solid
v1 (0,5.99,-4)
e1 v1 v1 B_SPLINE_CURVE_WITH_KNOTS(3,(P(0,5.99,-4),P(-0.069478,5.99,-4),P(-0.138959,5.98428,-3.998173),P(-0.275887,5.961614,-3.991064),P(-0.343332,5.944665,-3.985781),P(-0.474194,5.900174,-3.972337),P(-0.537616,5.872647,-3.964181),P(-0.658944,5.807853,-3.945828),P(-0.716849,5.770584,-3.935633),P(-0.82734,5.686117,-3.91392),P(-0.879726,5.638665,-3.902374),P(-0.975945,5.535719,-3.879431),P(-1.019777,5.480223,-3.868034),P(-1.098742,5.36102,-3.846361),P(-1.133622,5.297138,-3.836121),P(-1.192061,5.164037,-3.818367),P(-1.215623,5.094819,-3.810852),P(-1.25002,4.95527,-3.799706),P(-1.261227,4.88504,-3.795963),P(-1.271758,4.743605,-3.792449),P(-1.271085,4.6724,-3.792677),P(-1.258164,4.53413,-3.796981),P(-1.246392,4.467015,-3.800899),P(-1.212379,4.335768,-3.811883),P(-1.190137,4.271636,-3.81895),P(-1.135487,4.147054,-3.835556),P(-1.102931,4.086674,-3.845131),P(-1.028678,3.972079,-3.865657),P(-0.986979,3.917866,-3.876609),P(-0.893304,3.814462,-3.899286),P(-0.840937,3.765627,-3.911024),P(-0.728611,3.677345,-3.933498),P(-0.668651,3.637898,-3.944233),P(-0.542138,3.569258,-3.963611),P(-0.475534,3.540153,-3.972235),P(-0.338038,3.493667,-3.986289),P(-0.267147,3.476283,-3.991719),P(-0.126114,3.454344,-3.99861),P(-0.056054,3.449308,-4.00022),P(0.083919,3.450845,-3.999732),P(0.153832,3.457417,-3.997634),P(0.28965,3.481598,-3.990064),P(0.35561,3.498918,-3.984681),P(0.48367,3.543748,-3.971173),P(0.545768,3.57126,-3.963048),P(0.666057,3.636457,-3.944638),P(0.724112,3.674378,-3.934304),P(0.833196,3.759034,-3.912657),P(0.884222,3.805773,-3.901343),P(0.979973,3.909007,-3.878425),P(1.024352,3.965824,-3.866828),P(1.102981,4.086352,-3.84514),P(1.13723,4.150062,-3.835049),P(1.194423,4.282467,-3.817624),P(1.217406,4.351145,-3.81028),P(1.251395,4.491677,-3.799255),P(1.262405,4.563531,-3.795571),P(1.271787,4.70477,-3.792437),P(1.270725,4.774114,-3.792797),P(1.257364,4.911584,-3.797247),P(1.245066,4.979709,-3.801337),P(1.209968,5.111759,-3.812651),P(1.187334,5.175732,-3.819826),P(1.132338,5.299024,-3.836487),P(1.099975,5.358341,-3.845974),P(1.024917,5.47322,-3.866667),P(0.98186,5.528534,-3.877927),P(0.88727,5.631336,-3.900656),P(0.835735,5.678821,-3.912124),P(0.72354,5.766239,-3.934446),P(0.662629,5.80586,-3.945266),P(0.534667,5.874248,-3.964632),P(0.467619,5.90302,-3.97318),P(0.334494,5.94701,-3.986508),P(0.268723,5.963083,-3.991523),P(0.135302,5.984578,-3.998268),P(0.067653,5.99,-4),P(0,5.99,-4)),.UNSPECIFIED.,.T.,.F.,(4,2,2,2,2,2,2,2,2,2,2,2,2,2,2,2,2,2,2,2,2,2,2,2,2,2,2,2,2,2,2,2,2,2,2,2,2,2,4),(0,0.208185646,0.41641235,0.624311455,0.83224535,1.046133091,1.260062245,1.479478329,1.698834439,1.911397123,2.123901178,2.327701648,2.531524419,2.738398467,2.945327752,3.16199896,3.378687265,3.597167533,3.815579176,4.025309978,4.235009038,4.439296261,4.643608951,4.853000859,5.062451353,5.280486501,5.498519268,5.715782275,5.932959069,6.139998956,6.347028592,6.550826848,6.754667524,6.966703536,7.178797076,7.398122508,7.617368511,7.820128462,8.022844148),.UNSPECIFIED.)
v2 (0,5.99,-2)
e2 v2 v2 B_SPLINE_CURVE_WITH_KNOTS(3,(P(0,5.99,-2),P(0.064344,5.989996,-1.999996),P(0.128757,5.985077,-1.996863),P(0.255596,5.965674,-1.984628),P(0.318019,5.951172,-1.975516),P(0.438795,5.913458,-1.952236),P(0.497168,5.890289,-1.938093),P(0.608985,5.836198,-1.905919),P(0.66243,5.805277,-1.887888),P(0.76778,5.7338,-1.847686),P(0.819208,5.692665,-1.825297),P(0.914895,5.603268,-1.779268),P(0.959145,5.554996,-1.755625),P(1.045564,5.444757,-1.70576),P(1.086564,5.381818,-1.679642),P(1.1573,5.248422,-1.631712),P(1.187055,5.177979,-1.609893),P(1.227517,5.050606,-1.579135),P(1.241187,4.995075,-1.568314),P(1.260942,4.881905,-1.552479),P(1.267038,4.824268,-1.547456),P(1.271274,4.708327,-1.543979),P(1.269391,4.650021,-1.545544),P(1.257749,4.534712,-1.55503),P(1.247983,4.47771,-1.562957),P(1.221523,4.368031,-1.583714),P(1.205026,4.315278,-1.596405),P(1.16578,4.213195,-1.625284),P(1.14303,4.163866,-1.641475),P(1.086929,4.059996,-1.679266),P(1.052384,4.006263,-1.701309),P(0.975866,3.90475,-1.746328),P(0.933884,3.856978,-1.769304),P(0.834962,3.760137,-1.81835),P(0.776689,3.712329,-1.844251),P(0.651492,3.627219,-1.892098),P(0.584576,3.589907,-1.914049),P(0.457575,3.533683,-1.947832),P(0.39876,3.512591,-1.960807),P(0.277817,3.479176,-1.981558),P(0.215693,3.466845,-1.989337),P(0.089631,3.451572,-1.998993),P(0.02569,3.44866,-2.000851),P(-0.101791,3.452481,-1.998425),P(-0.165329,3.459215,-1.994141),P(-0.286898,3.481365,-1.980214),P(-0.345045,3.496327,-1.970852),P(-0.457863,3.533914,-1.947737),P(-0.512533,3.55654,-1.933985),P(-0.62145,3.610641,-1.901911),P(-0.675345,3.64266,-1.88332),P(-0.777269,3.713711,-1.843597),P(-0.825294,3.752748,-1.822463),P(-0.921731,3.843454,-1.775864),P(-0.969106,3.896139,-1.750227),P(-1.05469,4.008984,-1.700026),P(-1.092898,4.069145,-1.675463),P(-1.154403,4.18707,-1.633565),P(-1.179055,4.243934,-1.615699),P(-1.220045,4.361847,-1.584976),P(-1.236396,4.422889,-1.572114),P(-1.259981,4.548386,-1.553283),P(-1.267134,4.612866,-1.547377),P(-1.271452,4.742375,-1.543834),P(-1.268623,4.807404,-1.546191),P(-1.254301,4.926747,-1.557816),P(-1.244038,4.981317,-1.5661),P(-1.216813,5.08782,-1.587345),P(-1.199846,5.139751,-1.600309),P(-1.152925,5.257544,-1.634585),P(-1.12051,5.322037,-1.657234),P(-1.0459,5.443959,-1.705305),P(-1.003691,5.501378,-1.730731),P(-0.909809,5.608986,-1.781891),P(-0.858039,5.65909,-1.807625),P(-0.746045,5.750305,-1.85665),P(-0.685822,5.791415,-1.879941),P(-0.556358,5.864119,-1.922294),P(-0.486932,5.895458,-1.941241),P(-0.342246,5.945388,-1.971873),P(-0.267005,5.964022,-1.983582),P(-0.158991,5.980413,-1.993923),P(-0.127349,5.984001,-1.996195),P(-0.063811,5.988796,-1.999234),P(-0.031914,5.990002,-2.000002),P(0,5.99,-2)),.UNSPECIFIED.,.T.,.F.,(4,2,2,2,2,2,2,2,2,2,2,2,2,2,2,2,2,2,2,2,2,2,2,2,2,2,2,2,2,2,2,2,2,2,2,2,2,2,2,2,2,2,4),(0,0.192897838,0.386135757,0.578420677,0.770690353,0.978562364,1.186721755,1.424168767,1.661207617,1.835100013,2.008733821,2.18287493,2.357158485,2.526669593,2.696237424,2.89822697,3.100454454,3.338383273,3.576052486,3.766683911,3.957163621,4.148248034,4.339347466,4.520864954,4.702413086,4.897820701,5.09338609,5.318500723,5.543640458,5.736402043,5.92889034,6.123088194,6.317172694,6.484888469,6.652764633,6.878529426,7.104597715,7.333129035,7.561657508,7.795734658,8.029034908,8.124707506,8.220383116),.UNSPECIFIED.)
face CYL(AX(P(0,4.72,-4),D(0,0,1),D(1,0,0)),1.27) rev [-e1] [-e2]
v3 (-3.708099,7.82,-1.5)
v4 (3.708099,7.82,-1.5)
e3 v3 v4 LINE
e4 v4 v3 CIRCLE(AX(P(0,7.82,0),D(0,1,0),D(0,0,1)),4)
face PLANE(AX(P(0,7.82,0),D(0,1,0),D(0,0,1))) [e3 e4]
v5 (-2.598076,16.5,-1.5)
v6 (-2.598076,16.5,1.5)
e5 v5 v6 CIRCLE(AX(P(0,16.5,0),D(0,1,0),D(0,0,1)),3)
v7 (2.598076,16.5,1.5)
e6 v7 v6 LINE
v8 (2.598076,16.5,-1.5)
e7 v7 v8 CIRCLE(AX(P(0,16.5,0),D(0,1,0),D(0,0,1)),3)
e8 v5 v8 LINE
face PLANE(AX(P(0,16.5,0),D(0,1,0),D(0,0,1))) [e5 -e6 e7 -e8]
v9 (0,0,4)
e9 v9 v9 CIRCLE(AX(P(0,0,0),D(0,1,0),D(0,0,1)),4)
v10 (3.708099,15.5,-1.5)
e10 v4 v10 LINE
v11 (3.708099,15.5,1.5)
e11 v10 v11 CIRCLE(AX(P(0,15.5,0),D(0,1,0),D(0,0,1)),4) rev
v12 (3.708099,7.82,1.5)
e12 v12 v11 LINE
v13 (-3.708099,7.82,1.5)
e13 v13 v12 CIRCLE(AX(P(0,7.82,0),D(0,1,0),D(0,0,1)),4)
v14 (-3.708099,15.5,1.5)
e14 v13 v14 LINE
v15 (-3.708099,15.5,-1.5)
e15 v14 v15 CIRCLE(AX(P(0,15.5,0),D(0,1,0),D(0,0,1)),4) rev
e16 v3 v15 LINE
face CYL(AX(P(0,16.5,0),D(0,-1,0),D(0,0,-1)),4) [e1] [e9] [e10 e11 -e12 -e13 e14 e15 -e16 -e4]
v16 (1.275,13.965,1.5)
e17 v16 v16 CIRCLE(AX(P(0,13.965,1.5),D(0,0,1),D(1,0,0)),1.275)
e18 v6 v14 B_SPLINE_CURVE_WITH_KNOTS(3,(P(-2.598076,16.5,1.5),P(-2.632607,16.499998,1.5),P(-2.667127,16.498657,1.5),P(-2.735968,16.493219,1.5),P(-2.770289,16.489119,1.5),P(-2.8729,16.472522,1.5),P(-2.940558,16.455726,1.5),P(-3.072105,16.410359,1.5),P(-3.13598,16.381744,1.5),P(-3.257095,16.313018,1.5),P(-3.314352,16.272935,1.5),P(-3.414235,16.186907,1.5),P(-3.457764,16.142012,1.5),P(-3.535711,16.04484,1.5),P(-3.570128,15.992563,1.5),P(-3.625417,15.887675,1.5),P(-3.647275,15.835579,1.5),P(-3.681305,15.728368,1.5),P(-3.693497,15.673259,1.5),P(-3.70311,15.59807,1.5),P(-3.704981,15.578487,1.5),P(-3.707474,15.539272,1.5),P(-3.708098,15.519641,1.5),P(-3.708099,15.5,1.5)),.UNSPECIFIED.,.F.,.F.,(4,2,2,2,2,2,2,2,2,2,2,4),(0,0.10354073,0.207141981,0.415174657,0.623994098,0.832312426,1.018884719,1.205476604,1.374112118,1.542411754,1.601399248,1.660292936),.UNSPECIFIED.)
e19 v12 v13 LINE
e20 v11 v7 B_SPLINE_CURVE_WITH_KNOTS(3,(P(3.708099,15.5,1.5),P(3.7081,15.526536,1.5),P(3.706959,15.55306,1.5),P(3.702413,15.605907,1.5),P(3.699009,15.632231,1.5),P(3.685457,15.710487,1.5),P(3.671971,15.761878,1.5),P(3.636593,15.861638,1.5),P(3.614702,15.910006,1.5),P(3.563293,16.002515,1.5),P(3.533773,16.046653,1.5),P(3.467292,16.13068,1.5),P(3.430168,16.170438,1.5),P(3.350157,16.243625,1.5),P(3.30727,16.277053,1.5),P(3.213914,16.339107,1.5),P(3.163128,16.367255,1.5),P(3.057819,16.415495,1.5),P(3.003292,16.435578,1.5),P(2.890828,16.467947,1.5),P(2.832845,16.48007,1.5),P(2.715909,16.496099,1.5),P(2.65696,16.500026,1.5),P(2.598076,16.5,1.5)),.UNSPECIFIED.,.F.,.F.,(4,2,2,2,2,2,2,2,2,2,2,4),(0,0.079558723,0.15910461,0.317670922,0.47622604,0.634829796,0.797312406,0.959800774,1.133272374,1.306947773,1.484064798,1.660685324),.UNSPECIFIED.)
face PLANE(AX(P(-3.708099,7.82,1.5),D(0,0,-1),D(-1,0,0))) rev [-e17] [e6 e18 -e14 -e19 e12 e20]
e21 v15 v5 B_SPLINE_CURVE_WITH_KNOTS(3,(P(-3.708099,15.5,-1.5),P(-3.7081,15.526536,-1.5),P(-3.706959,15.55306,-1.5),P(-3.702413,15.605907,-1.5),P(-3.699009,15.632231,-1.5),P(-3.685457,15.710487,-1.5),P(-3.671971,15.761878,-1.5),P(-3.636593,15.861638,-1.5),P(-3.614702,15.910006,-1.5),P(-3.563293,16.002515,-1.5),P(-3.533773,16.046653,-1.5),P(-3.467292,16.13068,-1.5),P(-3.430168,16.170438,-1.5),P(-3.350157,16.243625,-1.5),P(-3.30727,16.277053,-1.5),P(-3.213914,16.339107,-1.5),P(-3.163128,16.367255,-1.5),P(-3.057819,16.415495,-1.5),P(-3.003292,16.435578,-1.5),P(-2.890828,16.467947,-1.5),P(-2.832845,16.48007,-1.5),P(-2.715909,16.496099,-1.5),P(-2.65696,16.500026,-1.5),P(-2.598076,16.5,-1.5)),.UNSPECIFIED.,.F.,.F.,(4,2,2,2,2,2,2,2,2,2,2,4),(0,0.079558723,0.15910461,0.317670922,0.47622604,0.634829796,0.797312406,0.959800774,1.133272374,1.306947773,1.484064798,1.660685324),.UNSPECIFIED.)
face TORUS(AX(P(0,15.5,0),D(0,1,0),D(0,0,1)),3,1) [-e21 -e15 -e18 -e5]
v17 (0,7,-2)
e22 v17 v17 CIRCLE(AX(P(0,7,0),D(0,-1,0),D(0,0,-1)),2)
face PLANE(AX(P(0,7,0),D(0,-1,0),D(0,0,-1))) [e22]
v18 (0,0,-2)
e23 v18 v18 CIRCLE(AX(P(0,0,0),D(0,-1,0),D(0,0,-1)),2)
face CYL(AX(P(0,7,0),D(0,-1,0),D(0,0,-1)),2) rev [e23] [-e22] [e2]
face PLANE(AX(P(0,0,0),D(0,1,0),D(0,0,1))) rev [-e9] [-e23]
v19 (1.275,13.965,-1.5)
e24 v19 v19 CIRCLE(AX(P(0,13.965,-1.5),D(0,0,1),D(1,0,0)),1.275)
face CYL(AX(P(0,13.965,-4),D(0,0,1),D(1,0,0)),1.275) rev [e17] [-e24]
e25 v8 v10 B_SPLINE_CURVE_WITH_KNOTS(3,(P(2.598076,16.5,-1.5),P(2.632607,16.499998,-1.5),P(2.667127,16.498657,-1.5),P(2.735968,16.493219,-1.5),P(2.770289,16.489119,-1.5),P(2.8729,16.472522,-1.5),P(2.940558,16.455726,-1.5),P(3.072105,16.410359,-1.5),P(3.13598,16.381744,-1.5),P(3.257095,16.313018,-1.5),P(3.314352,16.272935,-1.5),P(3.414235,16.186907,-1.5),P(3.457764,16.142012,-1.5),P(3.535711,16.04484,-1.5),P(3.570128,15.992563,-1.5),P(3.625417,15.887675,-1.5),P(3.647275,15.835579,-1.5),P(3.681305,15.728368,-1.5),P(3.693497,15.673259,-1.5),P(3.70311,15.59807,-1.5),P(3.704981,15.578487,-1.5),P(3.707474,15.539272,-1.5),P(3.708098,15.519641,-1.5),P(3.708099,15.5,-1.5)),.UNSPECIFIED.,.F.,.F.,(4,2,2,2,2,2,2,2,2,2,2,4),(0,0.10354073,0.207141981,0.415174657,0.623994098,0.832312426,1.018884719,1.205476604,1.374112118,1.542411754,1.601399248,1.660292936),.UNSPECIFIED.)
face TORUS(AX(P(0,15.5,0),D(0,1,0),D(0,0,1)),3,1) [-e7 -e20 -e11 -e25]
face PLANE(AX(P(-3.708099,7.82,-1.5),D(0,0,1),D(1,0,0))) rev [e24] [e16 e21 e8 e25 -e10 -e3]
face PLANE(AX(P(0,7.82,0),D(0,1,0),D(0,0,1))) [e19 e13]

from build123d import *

# Parameters (mm, degrees)
SKETCH1_R           = 4
BOSS_EXTRUDE1_DEPTH = 16.5
CUT_EXTRUDE1_START  = -8.68
CUT_EXTRUDE1_DEPTH  = 8.68
SKETCH5_R           = 2
CUT_EXTRUDE3_DEPTH  = 7
SKETCH4_R           = 1.275
SKETCH4_R_2         = 1.27
CUT_EXTRUDE2_DEPTH  = 18.846568298
FILLET1_R           = 1


with BuildPart() as part:
    # Sketch1 → Boss-Extrude1 (new body)
    with BuildSketch(Plane(origin=(0, 0, 0), x_dir=(1, 0, 0), z_dir=(0, 1, 0))):
        with Locations(Location((0, 0, 0), (0, 0, 270))):
            Circle(SKETCH1_R)
    extrude(amount=BOSS_EXTRUDE1_DEPTH)

    # Sketch2 → Cut-Extrude1 (cut)
    with BuildSketch(Plane(origin=(0, 16.5, 0), x_dir=(1, 0, 0), z_dir=(0, 1, 0)).offset(CUT_EXTRUDE1_START)):
        with BuildLine():
            Line((-3.708099244, 1.5), (3.708099244, 1.5))
            ThreePointArc((3.708099244, 1.5), (0, 4), (-3.708099244, 1.5))
        make_face()
        with BuildLine():
            Line((-3.708099244, -1.5), (3.708099244, -1.5))
            ThreePointArc((3.708099244, -1.5), (0, -4), (-3.708099244, -1.5))
        make_face()
    extrude(amount=CUT_EXTRUDE1_DEPTH, mode=Mode.SUBTRACT)

    # Sketch5 → Cut-Extrude3 (cut)
    with BuildSketch(Plane.XZ):
        with Locations(Location((0, 0, 0), (0, 0, 270))):
            Circle(SKETCH5_R)
    extrude(amount=-CUT_EXTRUDE3_DEPTH, mode=Mode.SUBTRACT)

    # Sketch4 → Cut-Extrude2 (cut, through all)
    with BuildSketch(Plane.XY.offset(1.5)):
        with Locations((0, 13.965)):
            Circle(SKETCH4_R)
        with Locations(Location((0, 4.72, 0), (0, 0, 90))):
            Circle(SKETCH4_R_2)
    extrude(amount=-CUT_EXTRUDE2_DEPTH, mode=Mode.SUBTRACT)

    # Fillet1
    fillet1_edges = [part.edges().sort_by_distance(p)[0] for p in [
        (4, 16.5, 0),
        (-4, 16.5, 0),
    ]]
    fillet(fillet1_edges, radius=FILLET1_R)


solid = part.part
